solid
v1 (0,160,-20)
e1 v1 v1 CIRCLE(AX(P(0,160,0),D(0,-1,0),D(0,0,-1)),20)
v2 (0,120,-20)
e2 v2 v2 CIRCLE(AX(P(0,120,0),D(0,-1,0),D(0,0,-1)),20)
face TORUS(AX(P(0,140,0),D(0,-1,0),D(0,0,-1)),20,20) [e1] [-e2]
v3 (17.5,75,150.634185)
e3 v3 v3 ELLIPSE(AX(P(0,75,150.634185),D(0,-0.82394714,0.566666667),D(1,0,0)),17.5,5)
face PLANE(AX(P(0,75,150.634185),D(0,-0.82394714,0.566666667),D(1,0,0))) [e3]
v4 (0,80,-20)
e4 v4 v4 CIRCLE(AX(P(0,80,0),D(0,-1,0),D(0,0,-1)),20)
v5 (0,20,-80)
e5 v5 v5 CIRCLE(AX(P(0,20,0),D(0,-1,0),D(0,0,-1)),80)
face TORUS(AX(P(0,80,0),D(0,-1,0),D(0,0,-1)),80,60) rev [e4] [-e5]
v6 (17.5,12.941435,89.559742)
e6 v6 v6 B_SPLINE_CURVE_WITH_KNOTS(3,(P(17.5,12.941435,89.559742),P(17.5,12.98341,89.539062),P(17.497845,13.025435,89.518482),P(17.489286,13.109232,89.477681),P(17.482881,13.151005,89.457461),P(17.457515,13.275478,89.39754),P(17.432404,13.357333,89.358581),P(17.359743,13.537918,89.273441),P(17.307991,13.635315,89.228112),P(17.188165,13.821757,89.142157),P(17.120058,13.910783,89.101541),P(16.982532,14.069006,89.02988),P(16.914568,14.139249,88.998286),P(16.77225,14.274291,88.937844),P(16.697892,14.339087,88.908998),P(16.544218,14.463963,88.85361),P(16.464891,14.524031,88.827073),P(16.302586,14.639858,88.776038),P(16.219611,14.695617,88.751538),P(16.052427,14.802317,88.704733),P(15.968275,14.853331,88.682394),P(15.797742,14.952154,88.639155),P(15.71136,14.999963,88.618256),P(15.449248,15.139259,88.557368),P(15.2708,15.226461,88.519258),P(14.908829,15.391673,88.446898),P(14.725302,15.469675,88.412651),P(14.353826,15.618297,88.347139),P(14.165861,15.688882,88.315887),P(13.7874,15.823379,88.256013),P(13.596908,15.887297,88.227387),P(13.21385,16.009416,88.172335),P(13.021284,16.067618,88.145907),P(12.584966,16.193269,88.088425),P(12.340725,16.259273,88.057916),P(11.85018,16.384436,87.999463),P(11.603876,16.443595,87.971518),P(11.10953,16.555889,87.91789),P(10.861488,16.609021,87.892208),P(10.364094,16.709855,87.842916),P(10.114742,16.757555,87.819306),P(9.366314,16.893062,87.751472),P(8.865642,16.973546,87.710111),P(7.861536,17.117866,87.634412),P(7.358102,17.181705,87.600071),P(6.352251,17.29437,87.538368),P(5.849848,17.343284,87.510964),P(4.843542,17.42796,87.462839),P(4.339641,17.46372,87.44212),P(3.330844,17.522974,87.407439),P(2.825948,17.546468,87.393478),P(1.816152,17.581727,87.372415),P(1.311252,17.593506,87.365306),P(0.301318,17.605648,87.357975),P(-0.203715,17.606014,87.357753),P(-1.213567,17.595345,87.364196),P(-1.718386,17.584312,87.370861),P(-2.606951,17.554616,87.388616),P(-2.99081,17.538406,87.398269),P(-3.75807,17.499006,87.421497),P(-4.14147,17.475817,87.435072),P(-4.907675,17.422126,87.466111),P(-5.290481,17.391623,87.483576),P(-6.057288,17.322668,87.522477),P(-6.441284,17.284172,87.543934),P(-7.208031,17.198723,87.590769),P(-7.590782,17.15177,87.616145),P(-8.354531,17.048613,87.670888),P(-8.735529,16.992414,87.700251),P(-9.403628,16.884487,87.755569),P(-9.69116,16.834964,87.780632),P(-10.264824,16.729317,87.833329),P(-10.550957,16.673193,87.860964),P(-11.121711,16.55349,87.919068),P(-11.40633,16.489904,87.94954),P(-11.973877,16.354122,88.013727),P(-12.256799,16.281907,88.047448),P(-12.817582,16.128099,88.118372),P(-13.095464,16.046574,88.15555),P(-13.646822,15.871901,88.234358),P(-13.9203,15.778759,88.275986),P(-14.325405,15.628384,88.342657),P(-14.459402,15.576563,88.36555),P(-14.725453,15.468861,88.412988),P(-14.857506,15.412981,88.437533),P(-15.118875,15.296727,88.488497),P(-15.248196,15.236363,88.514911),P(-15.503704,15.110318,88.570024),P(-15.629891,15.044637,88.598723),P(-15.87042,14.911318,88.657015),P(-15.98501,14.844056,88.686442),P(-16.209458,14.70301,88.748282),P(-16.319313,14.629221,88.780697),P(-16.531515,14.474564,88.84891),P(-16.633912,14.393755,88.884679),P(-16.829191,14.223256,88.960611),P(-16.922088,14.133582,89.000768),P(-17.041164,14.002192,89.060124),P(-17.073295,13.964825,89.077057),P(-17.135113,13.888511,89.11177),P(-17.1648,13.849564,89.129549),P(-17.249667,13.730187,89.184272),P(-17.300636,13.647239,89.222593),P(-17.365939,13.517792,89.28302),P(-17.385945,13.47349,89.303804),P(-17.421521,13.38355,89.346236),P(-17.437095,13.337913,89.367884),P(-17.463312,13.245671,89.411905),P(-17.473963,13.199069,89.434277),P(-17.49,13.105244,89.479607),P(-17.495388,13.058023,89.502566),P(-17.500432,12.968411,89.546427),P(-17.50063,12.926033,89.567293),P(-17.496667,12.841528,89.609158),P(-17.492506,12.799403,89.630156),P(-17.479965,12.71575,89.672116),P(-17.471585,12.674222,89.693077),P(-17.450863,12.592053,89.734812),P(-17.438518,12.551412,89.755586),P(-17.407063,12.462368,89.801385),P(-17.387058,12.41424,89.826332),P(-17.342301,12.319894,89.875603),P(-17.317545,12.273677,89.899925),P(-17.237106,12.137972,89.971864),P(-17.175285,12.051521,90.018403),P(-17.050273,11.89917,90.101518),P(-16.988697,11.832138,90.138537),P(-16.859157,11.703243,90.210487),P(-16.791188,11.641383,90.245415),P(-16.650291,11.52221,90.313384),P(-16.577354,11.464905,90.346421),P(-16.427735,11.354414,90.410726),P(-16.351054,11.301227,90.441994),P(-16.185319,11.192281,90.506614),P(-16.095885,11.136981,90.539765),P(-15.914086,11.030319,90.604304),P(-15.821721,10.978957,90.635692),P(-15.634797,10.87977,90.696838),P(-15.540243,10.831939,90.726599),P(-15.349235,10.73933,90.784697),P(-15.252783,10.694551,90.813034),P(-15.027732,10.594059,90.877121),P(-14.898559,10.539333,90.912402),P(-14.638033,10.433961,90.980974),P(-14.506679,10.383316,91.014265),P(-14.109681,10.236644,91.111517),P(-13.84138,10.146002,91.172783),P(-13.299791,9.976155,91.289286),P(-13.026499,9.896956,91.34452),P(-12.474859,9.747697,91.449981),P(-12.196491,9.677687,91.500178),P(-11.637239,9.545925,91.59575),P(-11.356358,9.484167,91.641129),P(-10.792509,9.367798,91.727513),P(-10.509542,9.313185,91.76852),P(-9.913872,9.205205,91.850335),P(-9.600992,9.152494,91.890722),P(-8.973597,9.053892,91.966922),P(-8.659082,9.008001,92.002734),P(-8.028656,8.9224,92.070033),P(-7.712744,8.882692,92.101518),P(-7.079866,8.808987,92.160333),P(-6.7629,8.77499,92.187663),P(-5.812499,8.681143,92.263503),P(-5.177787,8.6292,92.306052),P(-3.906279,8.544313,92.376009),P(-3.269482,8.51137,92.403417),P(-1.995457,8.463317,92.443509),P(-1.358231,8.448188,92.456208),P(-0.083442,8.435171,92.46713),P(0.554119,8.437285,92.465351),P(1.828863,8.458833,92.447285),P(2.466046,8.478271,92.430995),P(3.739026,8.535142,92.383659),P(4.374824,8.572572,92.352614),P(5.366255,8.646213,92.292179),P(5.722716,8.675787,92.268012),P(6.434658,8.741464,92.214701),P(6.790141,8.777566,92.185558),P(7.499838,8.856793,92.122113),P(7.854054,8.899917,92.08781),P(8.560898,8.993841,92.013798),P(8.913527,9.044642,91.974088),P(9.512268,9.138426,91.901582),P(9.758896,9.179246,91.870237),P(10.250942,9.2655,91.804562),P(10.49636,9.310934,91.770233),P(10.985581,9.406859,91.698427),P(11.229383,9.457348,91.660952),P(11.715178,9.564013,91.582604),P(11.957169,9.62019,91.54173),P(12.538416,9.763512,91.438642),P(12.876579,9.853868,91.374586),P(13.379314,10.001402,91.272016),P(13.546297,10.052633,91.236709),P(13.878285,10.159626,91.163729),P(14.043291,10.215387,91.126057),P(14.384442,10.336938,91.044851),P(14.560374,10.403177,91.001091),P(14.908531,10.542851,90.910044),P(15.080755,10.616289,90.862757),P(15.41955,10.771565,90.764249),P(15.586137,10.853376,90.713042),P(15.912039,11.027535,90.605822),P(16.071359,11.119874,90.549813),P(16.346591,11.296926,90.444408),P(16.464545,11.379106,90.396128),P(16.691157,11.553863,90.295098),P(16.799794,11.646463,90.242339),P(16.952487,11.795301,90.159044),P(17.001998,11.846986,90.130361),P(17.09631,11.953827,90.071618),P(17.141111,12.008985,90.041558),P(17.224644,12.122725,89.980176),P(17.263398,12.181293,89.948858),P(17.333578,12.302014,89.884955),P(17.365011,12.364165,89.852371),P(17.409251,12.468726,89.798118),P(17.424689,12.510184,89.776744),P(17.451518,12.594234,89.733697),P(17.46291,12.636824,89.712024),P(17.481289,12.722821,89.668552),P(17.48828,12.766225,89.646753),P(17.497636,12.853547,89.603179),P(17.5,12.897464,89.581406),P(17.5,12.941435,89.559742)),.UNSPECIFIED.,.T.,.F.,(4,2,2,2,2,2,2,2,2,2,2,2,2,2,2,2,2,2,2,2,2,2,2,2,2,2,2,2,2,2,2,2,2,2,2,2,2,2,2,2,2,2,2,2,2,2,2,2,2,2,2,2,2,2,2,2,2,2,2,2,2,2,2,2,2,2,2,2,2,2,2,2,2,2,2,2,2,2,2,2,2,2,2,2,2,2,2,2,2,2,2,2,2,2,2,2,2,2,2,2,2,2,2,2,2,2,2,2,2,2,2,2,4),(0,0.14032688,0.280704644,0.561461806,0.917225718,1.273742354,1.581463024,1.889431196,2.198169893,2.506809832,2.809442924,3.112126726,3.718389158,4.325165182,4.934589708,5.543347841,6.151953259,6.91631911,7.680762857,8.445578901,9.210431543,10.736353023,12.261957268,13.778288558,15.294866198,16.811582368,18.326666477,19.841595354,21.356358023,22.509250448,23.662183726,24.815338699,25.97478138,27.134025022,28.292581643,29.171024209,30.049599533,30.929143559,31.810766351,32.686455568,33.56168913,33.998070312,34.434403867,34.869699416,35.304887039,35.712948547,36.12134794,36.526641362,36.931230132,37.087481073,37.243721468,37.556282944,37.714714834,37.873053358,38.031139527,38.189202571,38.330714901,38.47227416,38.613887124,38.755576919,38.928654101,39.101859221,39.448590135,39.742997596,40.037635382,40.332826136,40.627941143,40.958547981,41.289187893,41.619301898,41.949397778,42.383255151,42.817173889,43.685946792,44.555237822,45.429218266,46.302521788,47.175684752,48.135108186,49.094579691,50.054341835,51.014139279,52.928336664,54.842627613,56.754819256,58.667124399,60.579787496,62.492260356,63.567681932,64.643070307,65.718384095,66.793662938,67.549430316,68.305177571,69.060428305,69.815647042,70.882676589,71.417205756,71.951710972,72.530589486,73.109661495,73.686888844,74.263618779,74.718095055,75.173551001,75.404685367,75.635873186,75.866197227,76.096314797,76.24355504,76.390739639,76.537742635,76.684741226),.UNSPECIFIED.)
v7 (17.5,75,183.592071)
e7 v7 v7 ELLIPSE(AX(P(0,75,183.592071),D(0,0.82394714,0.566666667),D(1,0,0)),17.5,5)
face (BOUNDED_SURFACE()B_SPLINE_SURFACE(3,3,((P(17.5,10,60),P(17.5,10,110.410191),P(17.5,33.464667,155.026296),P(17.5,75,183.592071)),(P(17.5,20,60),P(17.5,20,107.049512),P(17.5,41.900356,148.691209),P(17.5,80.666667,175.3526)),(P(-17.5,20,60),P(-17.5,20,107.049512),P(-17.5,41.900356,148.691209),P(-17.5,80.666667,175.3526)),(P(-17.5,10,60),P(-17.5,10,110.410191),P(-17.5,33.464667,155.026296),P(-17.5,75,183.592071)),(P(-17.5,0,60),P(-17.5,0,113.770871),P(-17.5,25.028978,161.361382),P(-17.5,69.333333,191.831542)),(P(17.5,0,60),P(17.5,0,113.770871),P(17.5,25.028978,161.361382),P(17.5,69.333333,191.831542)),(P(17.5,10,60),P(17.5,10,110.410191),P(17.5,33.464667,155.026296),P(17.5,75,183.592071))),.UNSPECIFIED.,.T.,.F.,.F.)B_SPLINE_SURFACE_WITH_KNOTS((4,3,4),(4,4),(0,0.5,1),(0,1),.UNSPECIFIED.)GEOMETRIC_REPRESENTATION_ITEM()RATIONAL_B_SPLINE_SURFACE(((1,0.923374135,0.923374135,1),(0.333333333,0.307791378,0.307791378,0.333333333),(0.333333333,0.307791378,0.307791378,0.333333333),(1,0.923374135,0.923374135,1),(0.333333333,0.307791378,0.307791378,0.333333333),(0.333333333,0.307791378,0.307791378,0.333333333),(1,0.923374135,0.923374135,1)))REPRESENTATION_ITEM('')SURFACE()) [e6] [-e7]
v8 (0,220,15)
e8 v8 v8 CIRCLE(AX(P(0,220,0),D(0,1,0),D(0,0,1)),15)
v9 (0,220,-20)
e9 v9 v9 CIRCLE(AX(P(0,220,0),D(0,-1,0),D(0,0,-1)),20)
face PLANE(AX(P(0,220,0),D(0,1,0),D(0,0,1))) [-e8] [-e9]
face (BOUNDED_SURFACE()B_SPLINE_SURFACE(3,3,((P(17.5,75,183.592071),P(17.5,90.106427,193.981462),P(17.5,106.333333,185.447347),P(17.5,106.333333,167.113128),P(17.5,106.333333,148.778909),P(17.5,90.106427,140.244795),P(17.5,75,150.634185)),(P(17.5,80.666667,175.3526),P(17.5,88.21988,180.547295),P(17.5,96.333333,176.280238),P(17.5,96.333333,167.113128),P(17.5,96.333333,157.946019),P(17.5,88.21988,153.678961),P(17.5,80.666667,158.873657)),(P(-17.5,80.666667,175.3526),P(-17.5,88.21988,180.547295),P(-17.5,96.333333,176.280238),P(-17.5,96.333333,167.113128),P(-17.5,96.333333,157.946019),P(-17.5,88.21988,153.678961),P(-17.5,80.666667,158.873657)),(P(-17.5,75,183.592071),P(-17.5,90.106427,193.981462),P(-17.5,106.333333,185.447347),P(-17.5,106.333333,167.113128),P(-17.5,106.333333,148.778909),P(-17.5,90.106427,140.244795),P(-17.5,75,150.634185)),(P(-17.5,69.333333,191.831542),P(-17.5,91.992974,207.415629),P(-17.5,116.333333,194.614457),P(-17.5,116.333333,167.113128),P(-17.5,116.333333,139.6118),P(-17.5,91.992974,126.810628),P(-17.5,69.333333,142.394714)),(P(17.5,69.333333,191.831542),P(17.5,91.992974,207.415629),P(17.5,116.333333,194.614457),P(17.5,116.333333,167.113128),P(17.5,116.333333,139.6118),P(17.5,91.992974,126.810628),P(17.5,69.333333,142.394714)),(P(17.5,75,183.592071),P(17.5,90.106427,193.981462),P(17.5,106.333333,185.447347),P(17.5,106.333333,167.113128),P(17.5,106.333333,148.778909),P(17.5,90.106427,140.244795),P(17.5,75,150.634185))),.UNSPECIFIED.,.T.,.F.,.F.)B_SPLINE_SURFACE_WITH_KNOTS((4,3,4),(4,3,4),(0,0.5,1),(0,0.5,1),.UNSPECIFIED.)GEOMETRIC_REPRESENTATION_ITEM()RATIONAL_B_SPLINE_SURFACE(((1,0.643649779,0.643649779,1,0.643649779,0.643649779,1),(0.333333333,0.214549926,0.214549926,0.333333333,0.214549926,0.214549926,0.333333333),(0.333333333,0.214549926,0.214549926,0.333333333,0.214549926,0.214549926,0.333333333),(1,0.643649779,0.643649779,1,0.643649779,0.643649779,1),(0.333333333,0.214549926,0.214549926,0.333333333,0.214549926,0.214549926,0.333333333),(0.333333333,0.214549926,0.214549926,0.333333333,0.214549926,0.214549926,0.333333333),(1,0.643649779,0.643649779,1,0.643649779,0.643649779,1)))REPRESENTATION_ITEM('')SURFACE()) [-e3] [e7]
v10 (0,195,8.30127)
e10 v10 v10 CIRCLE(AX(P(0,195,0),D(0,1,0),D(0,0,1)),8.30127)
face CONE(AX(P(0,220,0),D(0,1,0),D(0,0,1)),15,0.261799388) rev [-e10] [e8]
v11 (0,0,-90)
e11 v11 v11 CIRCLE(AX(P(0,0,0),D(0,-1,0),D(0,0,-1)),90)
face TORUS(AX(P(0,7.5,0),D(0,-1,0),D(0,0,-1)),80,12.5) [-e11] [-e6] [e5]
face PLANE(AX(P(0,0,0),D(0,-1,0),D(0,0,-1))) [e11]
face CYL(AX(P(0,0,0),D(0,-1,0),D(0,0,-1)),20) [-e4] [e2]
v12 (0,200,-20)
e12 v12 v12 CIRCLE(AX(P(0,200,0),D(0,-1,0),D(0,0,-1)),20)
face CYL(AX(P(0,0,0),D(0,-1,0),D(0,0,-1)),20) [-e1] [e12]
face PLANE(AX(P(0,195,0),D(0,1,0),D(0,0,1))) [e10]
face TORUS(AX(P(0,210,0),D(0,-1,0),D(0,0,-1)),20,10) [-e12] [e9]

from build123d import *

# Parameters (mm, degrees)
SKETCH9_RX         = 17.5
SKETCH9_RY         = 5
SKETCH18_R         = 15
CUT_EXTRUDE1_DEPTH = 25
CUT_EXTRUDE1_TAPER = 15


with BuildPart() as part:
    # Sketch3 → Revolve1 (revolve)
    with BuildSketch(Plane.XY):
        with BuildLine():
            Line((0, 0), (0, 220))
            Line((0, 220), (20, 220))
            ThreePointArc((20, 220), (30, 210), (20, 200))
            Line((20, 200), (20, 160))
            ThreePointArc((20, 160), (40, 140), (20, 120))
            Line((20, 120), (20, 80))
            ThreePointArc((20, 80), (37.573593129, 37.573593129), (80, 20))
            ThreePointArc((80, 20), (91.180339887, 13.090169944), (90, 0))
            Line((90, 0), (0, 0))
        make_face()
    revolve(axis=Axis((0, 0, 0), (0, 1, 0)))

    # Sweep2: sweep along a path in Sketch8
    with BuildLine(Plane(origin=(0, 0, 0), x_dir=(0, 0, -1), z_dir=(1, 0, 0))) as sweep2_path:
        Line((0, 10), (-60, 10))
        ThreePointArc((-60, 10), (-129.821200219, 27.240819526), (-183.592070943, 75))
        ThreePointArc((-183.592070943, 75), (-167.113128151, 106.333333333), (-150.634185358, 75))
    # Sketch9 → Sweep2 (sweep)
    with BuildSketch(Plane.XY):
        with Locations((0, 10)):
            Ellipse(SKETCH9_RX, SKETCH9_RY)
    sweep(path=sweep2_path.line)

    # Sketch18 → Cut-Extrude1 (cut)
    with BuildSketch(Plane(origin=(0, 220, 0), x_dir=(1, 0, 0), z_dir=(0, 1, 0))):
        Circle(SKETCH18_R)
    extrude(amount=-CUT_EXTRUDE1_DEPTH, taper=CUT_EXTRUDE1_TAPER, mode=Mode.SUBTRACT)


solid = part.part
